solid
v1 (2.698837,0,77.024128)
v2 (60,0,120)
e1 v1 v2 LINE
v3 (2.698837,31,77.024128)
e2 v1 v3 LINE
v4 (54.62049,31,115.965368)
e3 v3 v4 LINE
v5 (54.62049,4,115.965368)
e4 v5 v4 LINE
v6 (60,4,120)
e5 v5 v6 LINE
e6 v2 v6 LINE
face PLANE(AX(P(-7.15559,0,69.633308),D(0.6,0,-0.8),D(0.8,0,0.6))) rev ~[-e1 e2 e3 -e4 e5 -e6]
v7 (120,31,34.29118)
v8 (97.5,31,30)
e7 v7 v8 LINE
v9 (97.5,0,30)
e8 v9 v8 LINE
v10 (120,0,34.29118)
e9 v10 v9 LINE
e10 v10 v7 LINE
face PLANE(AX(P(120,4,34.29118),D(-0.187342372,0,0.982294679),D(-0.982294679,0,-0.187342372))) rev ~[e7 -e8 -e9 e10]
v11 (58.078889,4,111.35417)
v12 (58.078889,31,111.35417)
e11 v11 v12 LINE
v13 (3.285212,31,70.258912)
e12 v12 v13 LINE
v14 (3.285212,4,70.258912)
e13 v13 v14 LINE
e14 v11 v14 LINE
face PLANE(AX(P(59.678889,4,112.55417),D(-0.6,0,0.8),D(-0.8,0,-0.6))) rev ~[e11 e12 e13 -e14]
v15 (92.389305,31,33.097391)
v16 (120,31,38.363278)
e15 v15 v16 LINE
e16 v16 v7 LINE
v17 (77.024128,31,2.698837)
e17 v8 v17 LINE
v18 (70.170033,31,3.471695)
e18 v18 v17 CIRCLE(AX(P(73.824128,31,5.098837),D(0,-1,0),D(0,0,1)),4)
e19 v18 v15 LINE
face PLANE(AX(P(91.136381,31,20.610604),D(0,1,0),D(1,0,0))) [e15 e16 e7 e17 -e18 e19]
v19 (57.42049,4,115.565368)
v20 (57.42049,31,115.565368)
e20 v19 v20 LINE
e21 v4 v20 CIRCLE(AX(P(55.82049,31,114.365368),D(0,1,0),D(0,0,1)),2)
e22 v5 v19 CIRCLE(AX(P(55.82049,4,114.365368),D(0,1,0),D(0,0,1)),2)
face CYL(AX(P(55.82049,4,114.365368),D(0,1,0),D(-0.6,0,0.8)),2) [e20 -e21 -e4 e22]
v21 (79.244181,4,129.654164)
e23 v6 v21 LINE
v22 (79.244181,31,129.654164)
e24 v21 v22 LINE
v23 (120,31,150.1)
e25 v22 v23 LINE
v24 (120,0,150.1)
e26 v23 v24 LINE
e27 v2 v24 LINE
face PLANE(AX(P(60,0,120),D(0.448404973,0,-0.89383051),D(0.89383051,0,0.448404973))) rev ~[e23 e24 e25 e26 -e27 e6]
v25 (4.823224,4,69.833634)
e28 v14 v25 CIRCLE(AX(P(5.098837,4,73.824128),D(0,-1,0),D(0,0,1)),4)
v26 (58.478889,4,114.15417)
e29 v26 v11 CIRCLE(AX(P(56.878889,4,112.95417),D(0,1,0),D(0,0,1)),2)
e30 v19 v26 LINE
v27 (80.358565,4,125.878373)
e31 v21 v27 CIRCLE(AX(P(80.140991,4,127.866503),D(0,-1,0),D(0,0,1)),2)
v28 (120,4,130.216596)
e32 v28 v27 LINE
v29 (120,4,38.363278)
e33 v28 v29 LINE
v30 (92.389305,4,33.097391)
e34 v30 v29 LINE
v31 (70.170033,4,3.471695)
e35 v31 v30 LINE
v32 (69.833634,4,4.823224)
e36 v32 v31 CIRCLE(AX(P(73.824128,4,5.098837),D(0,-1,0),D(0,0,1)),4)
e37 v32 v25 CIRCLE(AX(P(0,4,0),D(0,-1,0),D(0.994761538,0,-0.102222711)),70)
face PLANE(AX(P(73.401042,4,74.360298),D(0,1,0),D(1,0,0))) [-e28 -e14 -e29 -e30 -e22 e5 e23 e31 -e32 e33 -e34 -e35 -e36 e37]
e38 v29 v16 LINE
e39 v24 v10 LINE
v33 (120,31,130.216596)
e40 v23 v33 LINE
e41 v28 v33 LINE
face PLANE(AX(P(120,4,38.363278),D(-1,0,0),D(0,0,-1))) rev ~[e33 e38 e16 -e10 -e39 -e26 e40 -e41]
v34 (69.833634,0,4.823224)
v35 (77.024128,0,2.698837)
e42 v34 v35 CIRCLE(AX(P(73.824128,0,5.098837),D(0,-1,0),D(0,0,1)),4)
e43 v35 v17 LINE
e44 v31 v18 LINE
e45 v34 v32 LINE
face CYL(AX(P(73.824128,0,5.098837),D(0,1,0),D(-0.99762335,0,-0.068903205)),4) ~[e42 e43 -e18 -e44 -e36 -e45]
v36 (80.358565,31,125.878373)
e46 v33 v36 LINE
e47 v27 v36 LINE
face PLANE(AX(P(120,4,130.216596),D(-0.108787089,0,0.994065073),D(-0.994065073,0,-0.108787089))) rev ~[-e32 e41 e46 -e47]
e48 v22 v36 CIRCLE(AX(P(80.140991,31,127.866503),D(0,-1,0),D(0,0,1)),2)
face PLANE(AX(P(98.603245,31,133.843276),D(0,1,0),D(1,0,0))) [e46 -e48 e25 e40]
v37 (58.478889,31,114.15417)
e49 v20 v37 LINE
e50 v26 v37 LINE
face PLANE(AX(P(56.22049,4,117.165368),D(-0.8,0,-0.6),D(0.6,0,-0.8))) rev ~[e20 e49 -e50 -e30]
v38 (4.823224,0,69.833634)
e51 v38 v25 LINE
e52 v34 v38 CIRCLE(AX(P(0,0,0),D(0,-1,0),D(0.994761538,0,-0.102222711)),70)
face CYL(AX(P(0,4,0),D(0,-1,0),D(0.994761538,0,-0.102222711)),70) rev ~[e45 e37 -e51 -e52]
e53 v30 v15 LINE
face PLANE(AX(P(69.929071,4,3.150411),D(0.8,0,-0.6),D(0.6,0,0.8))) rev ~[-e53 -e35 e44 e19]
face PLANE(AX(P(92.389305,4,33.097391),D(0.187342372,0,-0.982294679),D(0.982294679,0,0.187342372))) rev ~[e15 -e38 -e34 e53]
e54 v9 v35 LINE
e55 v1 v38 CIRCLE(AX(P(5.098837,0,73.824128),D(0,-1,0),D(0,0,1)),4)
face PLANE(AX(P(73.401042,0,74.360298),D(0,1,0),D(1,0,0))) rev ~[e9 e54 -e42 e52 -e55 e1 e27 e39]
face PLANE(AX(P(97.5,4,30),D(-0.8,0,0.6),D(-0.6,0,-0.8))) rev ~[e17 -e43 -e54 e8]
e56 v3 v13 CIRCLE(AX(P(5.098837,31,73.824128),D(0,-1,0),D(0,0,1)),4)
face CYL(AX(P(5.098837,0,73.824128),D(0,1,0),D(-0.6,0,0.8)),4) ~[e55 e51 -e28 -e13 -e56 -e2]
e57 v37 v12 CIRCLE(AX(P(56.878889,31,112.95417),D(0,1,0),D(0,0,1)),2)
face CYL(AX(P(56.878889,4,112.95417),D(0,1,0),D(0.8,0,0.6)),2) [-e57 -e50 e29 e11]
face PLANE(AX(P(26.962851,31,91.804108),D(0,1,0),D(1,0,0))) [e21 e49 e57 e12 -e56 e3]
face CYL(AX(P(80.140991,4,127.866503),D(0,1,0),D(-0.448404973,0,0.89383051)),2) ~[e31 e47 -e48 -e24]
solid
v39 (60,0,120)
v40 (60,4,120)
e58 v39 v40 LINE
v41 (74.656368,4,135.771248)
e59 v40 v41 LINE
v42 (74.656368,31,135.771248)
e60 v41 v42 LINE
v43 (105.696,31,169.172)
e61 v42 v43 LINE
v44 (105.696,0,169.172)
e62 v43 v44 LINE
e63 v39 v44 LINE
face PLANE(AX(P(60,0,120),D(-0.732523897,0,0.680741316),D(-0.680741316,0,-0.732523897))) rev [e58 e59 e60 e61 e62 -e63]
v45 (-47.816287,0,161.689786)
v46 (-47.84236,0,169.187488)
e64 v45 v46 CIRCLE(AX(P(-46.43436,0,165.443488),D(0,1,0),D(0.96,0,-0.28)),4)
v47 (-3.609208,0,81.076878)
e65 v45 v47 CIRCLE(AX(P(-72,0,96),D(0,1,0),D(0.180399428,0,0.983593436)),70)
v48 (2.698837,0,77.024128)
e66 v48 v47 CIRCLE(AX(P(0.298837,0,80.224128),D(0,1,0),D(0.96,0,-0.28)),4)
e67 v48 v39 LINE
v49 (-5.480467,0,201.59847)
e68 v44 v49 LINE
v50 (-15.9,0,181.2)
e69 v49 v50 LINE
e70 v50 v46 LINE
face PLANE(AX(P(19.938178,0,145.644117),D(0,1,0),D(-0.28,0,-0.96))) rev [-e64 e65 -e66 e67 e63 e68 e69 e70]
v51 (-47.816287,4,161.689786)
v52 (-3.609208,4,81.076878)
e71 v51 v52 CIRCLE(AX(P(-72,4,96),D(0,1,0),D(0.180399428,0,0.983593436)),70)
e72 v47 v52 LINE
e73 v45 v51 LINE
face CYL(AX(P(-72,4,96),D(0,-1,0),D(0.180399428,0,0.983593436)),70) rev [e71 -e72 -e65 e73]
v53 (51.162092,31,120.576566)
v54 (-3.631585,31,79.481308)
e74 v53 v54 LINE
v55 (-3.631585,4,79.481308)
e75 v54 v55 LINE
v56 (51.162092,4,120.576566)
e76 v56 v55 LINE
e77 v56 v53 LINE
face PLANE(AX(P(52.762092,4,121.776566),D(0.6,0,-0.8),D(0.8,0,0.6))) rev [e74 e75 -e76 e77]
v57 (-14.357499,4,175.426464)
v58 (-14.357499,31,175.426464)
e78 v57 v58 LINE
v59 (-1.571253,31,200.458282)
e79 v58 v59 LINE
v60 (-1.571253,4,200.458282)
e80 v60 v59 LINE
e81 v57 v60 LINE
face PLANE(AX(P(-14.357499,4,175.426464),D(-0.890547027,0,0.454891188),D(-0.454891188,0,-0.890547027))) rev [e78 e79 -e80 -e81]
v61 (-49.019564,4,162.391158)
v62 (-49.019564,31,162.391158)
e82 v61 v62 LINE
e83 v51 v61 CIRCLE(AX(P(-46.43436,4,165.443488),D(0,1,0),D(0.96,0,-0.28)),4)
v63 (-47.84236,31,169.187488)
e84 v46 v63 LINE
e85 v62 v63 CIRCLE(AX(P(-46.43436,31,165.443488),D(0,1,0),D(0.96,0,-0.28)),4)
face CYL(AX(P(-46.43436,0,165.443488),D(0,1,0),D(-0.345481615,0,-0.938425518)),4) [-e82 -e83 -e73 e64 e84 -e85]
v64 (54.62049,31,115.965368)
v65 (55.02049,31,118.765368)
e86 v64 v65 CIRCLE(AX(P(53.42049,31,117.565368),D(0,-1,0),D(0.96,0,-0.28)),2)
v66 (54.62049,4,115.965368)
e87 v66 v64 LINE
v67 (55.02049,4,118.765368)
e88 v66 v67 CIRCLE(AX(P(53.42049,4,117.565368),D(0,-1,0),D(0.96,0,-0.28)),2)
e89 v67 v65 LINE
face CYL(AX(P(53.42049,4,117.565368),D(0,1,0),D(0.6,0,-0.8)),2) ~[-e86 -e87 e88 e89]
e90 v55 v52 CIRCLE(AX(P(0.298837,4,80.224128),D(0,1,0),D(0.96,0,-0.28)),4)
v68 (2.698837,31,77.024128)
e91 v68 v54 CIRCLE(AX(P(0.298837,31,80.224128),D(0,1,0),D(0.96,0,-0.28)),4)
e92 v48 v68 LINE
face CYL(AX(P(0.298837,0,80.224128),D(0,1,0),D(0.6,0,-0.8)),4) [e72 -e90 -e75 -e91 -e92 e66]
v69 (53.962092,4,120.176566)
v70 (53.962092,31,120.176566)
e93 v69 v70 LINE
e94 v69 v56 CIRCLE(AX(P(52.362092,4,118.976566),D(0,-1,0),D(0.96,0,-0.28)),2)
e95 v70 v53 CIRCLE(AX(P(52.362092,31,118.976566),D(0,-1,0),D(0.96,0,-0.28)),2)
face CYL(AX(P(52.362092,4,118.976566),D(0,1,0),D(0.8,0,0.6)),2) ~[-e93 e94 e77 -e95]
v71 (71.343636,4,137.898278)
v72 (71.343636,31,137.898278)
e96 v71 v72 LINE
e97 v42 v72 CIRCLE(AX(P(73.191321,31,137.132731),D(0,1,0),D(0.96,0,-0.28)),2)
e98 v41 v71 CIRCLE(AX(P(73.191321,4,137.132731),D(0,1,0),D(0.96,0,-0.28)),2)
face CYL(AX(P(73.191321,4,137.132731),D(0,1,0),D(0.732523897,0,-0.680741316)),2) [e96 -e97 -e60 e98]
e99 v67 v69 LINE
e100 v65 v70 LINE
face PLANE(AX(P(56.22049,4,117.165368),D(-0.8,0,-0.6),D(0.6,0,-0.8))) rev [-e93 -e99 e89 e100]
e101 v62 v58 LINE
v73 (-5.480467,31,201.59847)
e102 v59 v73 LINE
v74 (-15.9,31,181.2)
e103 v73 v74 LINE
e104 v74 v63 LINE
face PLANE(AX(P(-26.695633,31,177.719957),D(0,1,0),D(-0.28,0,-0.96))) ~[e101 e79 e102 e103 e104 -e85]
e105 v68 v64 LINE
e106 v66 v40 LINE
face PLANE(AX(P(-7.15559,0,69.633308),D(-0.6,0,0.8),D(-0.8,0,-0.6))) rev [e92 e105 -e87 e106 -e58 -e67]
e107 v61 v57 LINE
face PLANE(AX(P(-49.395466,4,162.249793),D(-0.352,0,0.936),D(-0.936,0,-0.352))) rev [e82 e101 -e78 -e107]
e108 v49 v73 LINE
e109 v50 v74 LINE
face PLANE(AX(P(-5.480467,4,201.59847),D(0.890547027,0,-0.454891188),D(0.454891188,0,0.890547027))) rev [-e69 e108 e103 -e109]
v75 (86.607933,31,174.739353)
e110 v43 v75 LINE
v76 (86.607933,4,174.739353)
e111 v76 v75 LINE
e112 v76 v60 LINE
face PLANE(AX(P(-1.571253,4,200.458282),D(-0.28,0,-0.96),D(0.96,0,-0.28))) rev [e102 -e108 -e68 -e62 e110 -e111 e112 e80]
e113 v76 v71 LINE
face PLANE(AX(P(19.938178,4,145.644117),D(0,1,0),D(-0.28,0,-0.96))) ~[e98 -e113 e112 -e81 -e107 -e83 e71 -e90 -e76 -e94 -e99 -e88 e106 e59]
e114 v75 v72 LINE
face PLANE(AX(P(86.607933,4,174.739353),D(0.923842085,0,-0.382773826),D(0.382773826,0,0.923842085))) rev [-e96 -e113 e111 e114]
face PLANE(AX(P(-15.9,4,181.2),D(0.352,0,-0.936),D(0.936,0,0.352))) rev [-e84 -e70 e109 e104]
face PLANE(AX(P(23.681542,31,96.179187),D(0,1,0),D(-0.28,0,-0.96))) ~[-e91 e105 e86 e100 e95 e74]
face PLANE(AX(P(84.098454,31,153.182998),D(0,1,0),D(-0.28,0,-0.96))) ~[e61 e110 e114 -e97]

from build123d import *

# Parameters (mm, degrees)
EXTRUDE_1_DEPTH = 4
EXTRUDE_2_DEPTH = 27
FILLET_1_R      = 4
FILLET_2_R      = 2
FILLET_3_R      = 2


with BuildPart() as part:
    # Sketch 1 → Extrude 1 (new body)
    with BuildSketch(Plane(origin=(0, 0, 0), x_dir=(1, 0, 0), z_dir=(0, 1, 0))):
        with BuildLine():
            Line((-7.155589796286023, -69.6333076527855), (60, -120.00000000000001))
            Line((60, -120.00000000000001), (120.00000000000001, -150.10000000000002))
            Line((120.00000000000003, -150.10000000000002), (120, -34.29118010291478))
            Line((120, -34.29118010291478), (97.49999999999999, -30))
            Line((97.49999999999973, -30.000000000000192), (69.63330765278488, 7.1555897962855965))
            ThreePointArc((69.63330765278421, 7.155589796285523), (49.49747468305834, -49.497474683058314), (-7.155589796285488, -69.63330765278421))
        make_face()
    extrude(amount=EXTRUDE_1_DEPTH)

    # Sketch 3 → Extrude 2 (add)
    with BuildSketch(Plane(origin=(0, 4, 0), x_dir=(1, 0, 0), z_dir=(0, 1, 0))):
        with BuildLine():
            Line((120, -38.36327790348432), (120, -34.29118010291478))
            Line((120, -34.29118010291478), (97.5, -30))
            Line((97.49999999999973, -30.000000000000192), (69.63330765278488, 7.1555897962855965))
            ThreePointArc((69.63330765278421, 7.155589796285523), (69.97119240426343, 2.008042212092745), (69.92907057497307, -3.150410849466339))
            Line((69.92907057497204, -3.1504108494667022), (92.38930542603698, -33.097390650886666))
            Line((92.38930542603698, -33.097390650886666), (120, -38.36327790348432))
        make_face()
        Polygon((120.00000000000001, -150.10000000000002), (120.00000000000001, -130.2165964036135), (69.3067853264993, -124.66890397212713), align=None)
        with BuildLine():
            Line((59.67888894248035, -112.55416992559029), (2.8619555615955647, -69.94146988992675))
            ThreePointArc((2.861955561595763, -69.9414698899262), (-2.1523393613519746, -69.96690242731613), (-7.155589796285486, -69.63330765278421))
            Line((-7.155589796286165, -69.63330765278539), (56.220490487470755, -117.16536786560309))
            Line((56.220490487470755, -117.16536786560309), (59.67888894248035, -112.55416992559029))
        make_face()
    extrude(amount=EXTRUDE_2_DEPTH)

    # Fillet 1
    fillet_1_edges = [part.edges().sort_by_distance(p)[0] for p in [
        (-7.155589796285791, 15.5, 69.63330765278482),
        (69.63330765278454, 15.5, -7.155589796285559),
    ]]
    fillet(fillet_1_edges, radius=FILLET_1_R)

    # Fillet 2
    fillet_2_edges = [part.edges().sort_by_distance(p)[0] for p in [
        (69.3067853264993, 17.5, 124.66890397212714),
    ]]
    fillet(fillet_2_edges, radius=FILLET_2_R)

    # Fillet 3
    fillet_3_edges = [part.edges().sort_by_distance(p)[0] for p in [
        (56.220490487470755, 17.5, 117.16536786560309),
        (59.67888894248035, 17.5, 112.55416992559029),
    ]]
    fillet(fillet_3_edges, radius=FILLET_3_R)


with BuildPart() as body_2:
    # Mirror 3: mirrored copy
    add(part.part.mirror(Plane(origin=(-36.00000000000001, 4, 48.00000000000002), x_dir=(0.8, 0, 0.6), z_dir=(-0.5999999999999999, 0, 0.8))))


solid = Compound([part.part, body_2.part])
